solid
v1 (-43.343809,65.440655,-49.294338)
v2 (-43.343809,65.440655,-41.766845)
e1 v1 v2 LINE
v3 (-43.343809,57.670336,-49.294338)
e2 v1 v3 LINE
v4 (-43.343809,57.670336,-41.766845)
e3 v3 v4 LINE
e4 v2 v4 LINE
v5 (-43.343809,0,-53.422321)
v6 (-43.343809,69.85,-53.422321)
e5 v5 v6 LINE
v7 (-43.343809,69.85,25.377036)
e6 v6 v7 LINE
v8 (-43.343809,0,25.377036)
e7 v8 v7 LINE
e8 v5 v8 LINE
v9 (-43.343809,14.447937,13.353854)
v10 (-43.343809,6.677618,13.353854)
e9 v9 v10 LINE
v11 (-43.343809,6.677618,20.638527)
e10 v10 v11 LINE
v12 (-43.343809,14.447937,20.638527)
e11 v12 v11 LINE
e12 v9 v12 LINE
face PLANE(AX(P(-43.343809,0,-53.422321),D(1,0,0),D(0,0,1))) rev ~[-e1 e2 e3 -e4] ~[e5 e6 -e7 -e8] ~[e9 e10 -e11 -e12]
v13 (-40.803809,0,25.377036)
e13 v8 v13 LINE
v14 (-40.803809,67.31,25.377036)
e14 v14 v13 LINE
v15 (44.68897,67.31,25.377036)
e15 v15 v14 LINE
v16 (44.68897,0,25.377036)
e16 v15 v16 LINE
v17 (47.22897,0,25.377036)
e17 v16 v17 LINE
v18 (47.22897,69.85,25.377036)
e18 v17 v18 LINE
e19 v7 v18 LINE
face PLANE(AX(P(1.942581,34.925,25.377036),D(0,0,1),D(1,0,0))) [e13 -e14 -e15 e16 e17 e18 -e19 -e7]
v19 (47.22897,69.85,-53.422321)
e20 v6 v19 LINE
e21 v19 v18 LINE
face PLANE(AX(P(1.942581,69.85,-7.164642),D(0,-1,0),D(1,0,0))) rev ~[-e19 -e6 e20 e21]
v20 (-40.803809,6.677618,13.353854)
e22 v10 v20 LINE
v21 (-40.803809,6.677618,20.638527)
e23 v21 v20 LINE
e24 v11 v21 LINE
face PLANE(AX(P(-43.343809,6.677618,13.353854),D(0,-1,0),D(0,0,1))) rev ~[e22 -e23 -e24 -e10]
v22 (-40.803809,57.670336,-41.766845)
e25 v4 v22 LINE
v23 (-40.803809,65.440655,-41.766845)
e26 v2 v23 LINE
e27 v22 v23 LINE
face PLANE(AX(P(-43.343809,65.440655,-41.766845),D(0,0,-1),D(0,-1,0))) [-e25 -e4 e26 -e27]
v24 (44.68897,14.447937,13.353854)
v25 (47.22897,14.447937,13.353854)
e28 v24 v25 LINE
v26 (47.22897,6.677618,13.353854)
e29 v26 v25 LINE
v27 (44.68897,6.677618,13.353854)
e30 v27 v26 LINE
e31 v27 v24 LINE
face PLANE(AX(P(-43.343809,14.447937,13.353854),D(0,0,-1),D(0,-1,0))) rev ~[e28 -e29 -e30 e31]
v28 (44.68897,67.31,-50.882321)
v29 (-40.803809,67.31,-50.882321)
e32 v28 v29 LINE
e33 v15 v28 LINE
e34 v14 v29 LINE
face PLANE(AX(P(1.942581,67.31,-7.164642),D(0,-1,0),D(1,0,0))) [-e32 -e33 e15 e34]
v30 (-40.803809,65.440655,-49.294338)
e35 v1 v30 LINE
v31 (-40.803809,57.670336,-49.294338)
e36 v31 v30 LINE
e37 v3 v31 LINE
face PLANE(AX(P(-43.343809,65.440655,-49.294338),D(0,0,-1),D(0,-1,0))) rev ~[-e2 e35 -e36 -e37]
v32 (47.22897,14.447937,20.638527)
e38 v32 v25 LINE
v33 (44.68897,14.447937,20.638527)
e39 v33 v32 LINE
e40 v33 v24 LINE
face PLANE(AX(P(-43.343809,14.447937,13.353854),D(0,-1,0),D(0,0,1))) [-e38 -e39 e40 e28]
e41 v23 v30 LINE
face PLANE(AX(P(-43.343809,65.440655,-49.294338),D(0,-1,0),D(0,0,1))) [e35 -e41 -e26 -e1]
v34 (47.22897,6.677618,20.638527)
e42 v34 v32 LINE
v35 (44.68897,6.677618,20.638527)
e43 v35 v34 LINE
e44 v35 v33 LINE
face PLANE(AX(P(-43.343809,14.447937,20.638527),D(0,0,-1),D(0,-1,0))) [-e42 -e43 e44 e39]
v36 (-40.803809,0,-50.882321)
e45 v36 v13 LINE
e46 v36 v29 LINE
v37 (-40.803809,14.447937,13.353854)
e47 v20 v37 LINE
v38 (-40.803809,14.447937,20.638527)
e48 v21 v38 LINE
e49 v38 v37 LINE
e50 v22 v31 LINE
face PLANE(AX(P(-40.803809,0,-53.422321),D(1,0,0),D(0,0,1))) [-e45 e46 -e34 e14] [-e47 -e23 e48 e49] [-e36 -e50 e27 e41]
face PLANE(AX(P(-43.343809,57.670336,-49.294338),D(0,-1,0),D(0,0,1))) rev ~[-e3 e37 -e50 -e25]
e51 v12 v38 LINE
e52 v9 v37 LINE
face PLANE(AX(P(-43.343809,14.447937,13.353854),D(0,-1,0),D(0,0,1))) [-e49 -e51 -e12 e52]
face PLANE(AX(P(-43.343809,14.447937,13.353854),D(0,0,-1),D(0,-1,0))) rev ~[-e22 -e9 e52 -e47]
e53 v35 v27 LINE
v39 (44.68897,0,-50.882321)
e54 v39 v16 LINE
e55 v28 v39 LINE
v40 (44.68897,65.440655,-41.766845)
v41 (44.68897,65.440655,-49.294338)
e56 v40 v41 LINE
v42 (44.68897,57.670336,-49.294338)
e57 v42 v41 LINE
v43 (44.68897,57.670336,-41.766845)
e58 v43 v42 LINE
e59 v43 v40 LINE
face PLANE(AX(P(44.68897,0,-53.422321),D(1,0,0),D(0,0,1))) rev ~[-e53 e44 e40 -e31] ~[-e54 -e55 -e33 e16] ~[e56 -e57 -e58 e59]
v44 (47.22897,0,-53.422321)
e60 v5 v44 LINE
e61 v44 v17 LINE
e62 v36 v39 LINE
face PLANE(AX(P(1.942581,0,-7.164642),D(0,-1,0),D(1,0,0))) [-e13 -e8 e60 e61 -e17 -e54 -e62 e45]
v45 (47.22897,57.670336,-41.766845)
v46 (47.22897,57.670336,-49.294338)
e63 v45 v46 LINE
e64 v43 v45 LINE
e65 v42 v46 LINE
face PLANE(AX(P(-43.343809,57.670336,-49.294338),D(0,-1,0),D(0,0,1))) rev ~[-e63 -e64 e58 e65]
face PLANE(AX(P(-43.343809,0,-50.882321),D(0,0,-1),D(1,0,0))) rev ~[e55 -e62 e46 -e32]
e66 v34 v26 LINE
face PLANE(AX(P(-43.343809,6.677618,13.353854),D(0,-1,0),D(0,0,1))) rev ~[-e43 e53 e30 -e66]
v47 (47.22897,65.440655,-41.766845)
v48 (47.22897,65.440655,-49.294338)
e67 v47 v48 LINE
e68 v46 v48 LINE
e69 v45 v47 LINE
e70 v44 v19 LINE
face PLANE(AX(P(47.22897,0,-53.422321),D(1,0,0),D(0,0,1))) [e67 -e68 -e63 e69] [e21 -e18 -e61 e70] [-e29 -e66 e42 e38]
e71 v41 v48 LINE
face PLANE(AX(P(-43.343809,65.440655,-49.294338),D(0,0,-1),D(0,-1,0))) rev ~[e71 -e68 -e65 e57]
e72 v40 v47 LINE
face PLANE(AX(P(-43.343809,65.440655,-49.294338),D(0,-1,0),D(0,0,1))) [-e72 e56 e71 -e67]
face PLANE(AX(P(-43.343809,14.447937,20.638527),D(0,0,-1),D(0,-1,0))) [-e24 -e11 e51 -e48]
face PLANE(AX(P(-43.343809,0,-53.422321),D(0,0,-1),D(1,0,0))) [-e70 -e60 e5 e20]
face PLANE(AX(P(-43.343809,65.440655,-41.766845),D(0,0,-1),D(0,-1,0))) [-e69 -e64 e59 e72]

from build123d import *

# Parameters (mm, degrees)
F0_W     = 90.5727781355
F0_H     = 92.5153568387
F1_DEPTH = 69.85
F2_T     = -2.54
F3_W     = 90.5727781355
F3_H     = 69.85
F4_DEPTH = 13.716
F5_W     = 7.770318538
F5_H     = 7.2846729308
F5_H_2   = 7.5274929404
F6_DEPTH = 90.5737781355


with BuildPart() as f1:
    # F0 (on Front) → F1 (new body)
    with BuildSketch(Plane.XZ):
        with Locations((1.9425805658, -7.1646422148)):
            Rectangle(F0_W, F0_H)
    extrude(amount=-F1_DEPTH)

    # F2
    f2_openings = [f1.faces().sort_by_distance(p)[0] for p in [
        (1.942581, 0, -7.164642),
    ]]
    offset(amount=F2_T, openings=f2_openings)

    # F3 (on face) → F4 (cut)
    with BuildSketch(Plane.XY.offset(39.0930362046)):
        with Locations((1.9425805658, 34.925)):
            Rectangle(F3_W, F3_H)
    extrude(amount=-F4_DEPTH, mode=Mode.SUBTRACT)

    # F5 (on face) → F6 (cut, through all)
    with BuildSketch(Plane(origin=(-43.343808502, 0, 0), x_dir=(0, -1, 0), z_dir=(-1, 0, 0))):
        with Locations((-10.5627775192, 16.9961908832)):
            Rectangle(F5_W, F5_H)
        with Locations((-61.5554954857, -45.5305911601)):
            Rectangle(F5_W, F5_H_2)
    extrude(amount=-F6_DEPTH, mode=Mode.SUBTRACT)


solid = f1.part
